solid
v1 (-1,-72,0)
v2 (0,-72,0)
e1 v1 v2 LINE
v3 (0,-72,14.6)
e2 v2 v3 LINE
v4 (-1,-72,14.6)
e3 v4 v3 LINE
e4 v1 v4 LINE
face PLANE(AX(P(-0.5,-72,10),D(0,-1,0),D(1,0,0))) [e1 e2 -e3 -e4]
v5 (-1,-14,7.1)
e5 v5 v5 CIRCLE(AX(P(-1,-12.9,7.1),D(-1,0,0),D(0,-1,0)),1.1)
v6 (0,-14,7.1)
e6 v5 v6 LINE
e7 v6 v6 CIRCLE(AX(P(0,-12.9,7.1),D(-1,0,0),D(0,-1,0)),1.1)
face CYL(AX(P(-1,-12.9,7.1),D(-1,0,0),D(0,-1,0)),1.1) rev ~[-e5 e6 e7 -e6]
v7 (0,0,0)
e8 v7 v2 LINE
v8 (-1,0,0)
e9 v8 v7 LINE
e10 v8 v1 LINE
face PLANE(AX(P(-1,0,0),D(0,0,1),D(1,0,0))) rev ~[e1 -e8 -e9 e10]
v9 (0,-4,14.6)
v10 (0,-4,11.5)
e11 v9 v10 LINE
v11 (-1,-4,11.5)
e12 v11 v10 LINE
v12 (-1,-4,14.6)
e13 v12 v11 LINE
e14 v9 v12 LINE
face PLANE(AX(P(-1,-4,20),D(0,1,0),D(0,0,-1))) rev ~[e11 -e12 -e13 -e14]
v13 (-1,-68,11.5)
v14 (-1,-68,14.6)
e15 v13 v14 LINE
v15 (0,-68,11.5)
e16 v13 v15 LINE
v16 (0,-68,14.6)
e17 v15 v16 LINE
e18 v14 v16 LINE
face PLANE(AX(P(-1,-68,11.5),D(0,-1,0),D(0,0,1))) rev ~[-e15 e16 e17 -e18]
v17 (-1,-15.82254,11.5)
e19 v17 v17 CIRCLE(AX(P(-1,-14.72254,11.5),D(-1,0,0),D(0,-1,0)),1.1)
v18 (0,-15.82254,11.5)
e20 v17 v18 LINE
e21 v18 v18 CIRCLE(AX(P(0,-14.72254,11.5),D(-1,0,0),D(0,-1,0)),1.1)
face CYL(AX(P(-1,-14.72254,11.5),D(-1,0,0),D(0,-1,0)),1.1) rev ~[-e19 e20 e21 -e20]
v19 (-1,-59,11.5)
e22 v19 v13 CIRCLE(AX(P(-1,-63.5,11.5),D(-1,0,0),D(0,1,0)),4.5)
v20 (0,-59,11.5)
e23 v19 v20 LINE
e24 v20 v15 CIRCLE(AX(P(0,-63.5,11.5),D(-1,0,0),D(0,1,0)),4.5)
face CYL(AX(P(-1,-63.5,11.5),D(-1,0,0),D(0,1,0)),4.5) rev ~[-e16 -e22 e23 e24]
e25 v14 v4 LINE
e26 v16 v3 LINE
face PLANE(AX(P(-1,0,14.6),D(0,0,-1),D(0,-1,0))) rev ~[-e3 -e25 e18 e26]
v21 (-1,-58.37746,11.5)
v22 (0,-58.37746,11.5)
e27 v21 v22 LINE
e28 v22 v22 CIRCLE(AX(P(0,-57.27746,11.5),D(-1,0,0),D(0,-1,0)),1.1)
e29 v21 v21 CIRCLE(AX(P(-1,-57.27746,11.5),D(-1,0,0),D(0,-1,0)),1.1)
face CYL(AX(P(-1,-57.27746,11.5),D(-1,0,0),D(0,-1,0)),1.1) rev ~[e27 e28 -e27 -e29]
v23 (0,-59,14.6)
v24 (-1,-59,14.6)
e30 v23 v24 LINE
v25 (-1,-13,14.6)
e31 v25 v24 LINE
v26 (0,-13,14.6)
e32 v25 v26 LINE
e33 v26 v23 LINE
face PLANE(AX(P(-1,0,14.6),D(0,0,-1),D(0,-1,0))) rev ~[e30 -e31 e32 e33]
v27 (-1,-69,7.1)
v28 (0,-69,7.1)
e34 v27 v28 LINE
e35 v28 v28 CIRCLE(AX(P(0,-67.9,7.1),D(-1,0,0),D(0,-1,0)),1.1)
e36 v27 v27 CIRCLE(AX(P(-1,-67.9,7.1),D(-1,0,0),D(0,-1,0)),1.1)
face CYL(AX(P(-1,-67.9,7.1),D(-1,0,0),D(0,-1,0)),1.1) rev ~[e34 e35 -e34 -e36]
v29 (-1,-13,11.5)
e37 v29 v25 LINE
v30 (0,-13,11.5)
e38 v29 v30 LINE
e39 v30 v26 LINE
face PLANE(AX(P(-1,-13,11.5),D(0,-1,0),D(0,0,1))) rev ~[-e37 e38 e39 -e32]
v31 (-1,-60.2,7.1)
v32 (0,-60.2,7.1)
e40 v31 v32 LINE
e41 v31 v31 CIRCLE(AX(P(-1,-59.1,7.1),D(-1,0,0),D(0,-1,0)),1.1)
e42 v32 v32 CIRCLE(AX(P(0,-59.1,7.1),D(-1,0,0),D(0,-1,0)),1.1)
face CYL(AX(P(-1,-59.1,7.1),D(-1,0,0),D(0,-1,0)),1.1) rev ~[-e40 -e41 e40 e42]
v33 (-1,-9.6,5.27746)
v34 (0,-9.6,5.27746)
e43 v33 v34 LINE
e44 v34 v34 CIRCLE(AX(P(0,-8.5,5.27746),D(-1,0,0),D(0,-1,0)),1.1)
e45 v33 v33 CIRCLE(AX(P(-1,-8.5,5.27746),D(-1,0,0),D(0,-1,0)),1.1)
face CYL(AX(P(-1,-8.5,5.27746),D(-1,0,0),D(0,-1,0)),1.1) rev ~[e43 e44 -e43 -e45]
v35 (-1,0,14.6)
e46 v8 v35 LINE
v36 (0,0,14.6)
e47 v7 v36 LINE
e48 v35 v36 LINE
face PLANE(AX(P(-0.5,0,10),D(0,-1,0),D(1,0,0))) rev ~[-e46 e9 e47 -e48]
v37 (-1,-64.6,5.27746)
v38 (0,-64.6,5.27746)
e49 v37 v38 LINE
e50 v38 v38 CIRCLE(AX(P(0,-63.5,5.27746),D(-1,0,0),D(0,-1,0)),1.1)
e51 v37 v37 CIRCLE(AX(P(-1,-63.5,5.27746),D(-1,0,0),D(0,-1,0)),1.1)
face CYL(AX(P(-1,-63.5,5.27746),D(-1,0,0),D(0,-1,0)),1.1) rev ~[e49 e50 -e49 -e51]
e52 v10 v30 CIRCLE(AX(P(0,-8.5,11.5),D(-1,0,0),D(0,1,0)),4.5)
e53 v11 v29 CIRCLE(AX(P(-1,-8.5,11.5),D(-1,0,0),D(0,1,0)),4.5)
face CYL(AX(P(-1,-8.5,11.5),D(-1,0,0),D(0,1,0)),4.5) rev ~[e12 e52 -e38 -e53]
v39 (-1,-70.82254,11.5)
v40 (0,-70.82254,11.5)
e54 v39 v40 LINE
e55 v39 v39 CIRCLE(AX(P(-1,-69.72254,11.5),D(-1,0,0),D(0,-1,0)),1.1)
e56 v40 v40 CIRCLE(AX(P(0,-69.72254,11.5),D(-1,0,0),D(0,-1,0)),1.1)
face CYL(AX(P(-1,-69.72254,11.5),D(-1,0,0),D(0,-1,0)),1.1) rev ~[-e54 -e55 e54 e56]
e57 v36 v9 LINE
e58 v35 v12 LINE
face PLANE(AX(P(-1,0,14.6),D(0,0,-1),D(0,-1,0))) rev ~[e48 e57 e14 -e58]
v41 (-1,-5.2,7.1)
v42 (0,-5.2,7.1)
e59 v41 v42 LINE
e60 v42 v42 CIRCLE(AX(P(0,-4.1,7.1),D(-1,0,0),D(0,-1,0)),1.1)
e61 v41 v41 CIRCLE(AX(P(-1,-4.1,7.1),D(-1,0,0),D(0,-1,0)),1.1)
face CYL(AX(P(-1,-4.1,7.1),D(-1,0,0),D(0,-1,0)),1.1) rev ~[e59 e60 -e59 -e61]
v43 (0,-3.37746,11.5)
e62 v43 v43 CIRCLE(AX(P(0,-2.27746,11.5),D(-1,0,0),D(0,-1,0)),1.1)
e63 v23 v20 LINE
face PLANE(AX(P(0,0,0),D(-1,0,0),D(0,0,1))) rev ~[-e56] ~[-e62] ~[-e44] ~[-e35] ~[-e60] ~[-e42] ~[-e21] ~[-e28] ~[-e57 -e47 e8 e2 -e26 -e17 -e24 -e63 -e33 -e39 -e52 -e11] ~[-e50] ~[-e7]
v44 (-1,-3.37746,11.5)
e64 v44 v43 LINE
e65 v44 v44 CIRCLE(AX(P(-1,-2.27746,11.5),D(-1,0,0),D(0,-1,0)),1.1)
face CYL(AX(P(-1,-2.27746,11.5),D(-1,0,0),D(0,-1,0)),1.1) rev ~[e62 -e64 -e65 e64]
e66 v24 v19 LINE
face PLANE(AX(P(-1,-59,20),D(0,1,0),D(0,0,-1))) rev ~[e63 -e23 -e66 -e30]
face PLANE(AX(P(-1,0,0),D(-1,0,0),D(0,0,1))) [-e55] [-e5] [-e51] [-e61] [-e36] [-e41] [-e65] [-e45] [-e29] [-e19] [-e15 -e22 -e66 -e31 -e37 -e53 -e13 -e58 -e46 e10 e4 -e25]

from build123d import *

# Parameters (mm, degrees)
F0_W     = 1
F0_H     = 20
F1_DEPTH = 72
F2_R     = 1.1
F3_DEPTH = 1.001
F4_W     = 72
F4_H     = 5.4
F5_DEPTH = 1.001


with BuildPart() as f1:
    # F0 (on Front) → F1 (new body)
    with BuildSketch(Plane.XZ):
        with Locations((-0.5, 10)):
            Rectangle(F0_W, F0_H)
    extrude(amount=F1_DEPTH)

    # F2 (on face) → F3 (cut, through all)
    with BuildSketch(Plane(origin=(-1, 0, 0), x_dir=(0, -1, 0), z_dir=(-1, 0, 0))):
        with BuildLine():
            Line((4, 20), (4, 11.5))
            ThreePointArc((4, 11.5), (8.5, 7), (13, 11.5))
            Line((13, 11.5), (13, 20))
            Line((13, 20), (4, 20))
        make_face()
        with Locations((2.27746, 11.5)):
            Circle(F2_R)
        with Locations((4.1, 7.1)):
            Circle(F2_R)
        with Locations((8.5, 5.27746)):
            Circle(F2_R)
        with Locations((12.9, 7.1)):
            Circle(F2_R)
        with Locations((14.72254, 11.5)):
            Circle(F2_R)
        with BuildLine():
            ThreePointArc((59, 11.5), (63.5, 7), (68, 11.5))
            Line((68, 11.5), (68, 20))
            Line((68, 20), (59, 20))
            Line((59, 20), (59, 11.5))
        make_face()
        with Locations((69.72254, 11.5)):
            Circle(F2_R)
        with Locations((67.9, 7.1)):
            Circle(F2_R)
        with Locations((63.5, 5.27746)):
            Circle(F2_R)
        with Locations((59.1, 7.1)):
            Circle(F2_R)
        with Locations((57.27746, 11.5)):
            Circle(F2_R)
    extrude(amount=-F3_DEPTH, mode=Mode.SUBTRACT)

    # F4 (on face) → F5 (cut, through all)
    with BuildSketch(Plane(origin=(-1, 0, 0), x_dir=(0, -1, 0), z_dir=(-1, 0, 0))):
        with Locations((36, 17.3)):
            Rectangle(F4_W, F4_H)
    extrude(amount=-F5_DEPTH, mode=Mode.SUBTRACT)


solid = f1.part
